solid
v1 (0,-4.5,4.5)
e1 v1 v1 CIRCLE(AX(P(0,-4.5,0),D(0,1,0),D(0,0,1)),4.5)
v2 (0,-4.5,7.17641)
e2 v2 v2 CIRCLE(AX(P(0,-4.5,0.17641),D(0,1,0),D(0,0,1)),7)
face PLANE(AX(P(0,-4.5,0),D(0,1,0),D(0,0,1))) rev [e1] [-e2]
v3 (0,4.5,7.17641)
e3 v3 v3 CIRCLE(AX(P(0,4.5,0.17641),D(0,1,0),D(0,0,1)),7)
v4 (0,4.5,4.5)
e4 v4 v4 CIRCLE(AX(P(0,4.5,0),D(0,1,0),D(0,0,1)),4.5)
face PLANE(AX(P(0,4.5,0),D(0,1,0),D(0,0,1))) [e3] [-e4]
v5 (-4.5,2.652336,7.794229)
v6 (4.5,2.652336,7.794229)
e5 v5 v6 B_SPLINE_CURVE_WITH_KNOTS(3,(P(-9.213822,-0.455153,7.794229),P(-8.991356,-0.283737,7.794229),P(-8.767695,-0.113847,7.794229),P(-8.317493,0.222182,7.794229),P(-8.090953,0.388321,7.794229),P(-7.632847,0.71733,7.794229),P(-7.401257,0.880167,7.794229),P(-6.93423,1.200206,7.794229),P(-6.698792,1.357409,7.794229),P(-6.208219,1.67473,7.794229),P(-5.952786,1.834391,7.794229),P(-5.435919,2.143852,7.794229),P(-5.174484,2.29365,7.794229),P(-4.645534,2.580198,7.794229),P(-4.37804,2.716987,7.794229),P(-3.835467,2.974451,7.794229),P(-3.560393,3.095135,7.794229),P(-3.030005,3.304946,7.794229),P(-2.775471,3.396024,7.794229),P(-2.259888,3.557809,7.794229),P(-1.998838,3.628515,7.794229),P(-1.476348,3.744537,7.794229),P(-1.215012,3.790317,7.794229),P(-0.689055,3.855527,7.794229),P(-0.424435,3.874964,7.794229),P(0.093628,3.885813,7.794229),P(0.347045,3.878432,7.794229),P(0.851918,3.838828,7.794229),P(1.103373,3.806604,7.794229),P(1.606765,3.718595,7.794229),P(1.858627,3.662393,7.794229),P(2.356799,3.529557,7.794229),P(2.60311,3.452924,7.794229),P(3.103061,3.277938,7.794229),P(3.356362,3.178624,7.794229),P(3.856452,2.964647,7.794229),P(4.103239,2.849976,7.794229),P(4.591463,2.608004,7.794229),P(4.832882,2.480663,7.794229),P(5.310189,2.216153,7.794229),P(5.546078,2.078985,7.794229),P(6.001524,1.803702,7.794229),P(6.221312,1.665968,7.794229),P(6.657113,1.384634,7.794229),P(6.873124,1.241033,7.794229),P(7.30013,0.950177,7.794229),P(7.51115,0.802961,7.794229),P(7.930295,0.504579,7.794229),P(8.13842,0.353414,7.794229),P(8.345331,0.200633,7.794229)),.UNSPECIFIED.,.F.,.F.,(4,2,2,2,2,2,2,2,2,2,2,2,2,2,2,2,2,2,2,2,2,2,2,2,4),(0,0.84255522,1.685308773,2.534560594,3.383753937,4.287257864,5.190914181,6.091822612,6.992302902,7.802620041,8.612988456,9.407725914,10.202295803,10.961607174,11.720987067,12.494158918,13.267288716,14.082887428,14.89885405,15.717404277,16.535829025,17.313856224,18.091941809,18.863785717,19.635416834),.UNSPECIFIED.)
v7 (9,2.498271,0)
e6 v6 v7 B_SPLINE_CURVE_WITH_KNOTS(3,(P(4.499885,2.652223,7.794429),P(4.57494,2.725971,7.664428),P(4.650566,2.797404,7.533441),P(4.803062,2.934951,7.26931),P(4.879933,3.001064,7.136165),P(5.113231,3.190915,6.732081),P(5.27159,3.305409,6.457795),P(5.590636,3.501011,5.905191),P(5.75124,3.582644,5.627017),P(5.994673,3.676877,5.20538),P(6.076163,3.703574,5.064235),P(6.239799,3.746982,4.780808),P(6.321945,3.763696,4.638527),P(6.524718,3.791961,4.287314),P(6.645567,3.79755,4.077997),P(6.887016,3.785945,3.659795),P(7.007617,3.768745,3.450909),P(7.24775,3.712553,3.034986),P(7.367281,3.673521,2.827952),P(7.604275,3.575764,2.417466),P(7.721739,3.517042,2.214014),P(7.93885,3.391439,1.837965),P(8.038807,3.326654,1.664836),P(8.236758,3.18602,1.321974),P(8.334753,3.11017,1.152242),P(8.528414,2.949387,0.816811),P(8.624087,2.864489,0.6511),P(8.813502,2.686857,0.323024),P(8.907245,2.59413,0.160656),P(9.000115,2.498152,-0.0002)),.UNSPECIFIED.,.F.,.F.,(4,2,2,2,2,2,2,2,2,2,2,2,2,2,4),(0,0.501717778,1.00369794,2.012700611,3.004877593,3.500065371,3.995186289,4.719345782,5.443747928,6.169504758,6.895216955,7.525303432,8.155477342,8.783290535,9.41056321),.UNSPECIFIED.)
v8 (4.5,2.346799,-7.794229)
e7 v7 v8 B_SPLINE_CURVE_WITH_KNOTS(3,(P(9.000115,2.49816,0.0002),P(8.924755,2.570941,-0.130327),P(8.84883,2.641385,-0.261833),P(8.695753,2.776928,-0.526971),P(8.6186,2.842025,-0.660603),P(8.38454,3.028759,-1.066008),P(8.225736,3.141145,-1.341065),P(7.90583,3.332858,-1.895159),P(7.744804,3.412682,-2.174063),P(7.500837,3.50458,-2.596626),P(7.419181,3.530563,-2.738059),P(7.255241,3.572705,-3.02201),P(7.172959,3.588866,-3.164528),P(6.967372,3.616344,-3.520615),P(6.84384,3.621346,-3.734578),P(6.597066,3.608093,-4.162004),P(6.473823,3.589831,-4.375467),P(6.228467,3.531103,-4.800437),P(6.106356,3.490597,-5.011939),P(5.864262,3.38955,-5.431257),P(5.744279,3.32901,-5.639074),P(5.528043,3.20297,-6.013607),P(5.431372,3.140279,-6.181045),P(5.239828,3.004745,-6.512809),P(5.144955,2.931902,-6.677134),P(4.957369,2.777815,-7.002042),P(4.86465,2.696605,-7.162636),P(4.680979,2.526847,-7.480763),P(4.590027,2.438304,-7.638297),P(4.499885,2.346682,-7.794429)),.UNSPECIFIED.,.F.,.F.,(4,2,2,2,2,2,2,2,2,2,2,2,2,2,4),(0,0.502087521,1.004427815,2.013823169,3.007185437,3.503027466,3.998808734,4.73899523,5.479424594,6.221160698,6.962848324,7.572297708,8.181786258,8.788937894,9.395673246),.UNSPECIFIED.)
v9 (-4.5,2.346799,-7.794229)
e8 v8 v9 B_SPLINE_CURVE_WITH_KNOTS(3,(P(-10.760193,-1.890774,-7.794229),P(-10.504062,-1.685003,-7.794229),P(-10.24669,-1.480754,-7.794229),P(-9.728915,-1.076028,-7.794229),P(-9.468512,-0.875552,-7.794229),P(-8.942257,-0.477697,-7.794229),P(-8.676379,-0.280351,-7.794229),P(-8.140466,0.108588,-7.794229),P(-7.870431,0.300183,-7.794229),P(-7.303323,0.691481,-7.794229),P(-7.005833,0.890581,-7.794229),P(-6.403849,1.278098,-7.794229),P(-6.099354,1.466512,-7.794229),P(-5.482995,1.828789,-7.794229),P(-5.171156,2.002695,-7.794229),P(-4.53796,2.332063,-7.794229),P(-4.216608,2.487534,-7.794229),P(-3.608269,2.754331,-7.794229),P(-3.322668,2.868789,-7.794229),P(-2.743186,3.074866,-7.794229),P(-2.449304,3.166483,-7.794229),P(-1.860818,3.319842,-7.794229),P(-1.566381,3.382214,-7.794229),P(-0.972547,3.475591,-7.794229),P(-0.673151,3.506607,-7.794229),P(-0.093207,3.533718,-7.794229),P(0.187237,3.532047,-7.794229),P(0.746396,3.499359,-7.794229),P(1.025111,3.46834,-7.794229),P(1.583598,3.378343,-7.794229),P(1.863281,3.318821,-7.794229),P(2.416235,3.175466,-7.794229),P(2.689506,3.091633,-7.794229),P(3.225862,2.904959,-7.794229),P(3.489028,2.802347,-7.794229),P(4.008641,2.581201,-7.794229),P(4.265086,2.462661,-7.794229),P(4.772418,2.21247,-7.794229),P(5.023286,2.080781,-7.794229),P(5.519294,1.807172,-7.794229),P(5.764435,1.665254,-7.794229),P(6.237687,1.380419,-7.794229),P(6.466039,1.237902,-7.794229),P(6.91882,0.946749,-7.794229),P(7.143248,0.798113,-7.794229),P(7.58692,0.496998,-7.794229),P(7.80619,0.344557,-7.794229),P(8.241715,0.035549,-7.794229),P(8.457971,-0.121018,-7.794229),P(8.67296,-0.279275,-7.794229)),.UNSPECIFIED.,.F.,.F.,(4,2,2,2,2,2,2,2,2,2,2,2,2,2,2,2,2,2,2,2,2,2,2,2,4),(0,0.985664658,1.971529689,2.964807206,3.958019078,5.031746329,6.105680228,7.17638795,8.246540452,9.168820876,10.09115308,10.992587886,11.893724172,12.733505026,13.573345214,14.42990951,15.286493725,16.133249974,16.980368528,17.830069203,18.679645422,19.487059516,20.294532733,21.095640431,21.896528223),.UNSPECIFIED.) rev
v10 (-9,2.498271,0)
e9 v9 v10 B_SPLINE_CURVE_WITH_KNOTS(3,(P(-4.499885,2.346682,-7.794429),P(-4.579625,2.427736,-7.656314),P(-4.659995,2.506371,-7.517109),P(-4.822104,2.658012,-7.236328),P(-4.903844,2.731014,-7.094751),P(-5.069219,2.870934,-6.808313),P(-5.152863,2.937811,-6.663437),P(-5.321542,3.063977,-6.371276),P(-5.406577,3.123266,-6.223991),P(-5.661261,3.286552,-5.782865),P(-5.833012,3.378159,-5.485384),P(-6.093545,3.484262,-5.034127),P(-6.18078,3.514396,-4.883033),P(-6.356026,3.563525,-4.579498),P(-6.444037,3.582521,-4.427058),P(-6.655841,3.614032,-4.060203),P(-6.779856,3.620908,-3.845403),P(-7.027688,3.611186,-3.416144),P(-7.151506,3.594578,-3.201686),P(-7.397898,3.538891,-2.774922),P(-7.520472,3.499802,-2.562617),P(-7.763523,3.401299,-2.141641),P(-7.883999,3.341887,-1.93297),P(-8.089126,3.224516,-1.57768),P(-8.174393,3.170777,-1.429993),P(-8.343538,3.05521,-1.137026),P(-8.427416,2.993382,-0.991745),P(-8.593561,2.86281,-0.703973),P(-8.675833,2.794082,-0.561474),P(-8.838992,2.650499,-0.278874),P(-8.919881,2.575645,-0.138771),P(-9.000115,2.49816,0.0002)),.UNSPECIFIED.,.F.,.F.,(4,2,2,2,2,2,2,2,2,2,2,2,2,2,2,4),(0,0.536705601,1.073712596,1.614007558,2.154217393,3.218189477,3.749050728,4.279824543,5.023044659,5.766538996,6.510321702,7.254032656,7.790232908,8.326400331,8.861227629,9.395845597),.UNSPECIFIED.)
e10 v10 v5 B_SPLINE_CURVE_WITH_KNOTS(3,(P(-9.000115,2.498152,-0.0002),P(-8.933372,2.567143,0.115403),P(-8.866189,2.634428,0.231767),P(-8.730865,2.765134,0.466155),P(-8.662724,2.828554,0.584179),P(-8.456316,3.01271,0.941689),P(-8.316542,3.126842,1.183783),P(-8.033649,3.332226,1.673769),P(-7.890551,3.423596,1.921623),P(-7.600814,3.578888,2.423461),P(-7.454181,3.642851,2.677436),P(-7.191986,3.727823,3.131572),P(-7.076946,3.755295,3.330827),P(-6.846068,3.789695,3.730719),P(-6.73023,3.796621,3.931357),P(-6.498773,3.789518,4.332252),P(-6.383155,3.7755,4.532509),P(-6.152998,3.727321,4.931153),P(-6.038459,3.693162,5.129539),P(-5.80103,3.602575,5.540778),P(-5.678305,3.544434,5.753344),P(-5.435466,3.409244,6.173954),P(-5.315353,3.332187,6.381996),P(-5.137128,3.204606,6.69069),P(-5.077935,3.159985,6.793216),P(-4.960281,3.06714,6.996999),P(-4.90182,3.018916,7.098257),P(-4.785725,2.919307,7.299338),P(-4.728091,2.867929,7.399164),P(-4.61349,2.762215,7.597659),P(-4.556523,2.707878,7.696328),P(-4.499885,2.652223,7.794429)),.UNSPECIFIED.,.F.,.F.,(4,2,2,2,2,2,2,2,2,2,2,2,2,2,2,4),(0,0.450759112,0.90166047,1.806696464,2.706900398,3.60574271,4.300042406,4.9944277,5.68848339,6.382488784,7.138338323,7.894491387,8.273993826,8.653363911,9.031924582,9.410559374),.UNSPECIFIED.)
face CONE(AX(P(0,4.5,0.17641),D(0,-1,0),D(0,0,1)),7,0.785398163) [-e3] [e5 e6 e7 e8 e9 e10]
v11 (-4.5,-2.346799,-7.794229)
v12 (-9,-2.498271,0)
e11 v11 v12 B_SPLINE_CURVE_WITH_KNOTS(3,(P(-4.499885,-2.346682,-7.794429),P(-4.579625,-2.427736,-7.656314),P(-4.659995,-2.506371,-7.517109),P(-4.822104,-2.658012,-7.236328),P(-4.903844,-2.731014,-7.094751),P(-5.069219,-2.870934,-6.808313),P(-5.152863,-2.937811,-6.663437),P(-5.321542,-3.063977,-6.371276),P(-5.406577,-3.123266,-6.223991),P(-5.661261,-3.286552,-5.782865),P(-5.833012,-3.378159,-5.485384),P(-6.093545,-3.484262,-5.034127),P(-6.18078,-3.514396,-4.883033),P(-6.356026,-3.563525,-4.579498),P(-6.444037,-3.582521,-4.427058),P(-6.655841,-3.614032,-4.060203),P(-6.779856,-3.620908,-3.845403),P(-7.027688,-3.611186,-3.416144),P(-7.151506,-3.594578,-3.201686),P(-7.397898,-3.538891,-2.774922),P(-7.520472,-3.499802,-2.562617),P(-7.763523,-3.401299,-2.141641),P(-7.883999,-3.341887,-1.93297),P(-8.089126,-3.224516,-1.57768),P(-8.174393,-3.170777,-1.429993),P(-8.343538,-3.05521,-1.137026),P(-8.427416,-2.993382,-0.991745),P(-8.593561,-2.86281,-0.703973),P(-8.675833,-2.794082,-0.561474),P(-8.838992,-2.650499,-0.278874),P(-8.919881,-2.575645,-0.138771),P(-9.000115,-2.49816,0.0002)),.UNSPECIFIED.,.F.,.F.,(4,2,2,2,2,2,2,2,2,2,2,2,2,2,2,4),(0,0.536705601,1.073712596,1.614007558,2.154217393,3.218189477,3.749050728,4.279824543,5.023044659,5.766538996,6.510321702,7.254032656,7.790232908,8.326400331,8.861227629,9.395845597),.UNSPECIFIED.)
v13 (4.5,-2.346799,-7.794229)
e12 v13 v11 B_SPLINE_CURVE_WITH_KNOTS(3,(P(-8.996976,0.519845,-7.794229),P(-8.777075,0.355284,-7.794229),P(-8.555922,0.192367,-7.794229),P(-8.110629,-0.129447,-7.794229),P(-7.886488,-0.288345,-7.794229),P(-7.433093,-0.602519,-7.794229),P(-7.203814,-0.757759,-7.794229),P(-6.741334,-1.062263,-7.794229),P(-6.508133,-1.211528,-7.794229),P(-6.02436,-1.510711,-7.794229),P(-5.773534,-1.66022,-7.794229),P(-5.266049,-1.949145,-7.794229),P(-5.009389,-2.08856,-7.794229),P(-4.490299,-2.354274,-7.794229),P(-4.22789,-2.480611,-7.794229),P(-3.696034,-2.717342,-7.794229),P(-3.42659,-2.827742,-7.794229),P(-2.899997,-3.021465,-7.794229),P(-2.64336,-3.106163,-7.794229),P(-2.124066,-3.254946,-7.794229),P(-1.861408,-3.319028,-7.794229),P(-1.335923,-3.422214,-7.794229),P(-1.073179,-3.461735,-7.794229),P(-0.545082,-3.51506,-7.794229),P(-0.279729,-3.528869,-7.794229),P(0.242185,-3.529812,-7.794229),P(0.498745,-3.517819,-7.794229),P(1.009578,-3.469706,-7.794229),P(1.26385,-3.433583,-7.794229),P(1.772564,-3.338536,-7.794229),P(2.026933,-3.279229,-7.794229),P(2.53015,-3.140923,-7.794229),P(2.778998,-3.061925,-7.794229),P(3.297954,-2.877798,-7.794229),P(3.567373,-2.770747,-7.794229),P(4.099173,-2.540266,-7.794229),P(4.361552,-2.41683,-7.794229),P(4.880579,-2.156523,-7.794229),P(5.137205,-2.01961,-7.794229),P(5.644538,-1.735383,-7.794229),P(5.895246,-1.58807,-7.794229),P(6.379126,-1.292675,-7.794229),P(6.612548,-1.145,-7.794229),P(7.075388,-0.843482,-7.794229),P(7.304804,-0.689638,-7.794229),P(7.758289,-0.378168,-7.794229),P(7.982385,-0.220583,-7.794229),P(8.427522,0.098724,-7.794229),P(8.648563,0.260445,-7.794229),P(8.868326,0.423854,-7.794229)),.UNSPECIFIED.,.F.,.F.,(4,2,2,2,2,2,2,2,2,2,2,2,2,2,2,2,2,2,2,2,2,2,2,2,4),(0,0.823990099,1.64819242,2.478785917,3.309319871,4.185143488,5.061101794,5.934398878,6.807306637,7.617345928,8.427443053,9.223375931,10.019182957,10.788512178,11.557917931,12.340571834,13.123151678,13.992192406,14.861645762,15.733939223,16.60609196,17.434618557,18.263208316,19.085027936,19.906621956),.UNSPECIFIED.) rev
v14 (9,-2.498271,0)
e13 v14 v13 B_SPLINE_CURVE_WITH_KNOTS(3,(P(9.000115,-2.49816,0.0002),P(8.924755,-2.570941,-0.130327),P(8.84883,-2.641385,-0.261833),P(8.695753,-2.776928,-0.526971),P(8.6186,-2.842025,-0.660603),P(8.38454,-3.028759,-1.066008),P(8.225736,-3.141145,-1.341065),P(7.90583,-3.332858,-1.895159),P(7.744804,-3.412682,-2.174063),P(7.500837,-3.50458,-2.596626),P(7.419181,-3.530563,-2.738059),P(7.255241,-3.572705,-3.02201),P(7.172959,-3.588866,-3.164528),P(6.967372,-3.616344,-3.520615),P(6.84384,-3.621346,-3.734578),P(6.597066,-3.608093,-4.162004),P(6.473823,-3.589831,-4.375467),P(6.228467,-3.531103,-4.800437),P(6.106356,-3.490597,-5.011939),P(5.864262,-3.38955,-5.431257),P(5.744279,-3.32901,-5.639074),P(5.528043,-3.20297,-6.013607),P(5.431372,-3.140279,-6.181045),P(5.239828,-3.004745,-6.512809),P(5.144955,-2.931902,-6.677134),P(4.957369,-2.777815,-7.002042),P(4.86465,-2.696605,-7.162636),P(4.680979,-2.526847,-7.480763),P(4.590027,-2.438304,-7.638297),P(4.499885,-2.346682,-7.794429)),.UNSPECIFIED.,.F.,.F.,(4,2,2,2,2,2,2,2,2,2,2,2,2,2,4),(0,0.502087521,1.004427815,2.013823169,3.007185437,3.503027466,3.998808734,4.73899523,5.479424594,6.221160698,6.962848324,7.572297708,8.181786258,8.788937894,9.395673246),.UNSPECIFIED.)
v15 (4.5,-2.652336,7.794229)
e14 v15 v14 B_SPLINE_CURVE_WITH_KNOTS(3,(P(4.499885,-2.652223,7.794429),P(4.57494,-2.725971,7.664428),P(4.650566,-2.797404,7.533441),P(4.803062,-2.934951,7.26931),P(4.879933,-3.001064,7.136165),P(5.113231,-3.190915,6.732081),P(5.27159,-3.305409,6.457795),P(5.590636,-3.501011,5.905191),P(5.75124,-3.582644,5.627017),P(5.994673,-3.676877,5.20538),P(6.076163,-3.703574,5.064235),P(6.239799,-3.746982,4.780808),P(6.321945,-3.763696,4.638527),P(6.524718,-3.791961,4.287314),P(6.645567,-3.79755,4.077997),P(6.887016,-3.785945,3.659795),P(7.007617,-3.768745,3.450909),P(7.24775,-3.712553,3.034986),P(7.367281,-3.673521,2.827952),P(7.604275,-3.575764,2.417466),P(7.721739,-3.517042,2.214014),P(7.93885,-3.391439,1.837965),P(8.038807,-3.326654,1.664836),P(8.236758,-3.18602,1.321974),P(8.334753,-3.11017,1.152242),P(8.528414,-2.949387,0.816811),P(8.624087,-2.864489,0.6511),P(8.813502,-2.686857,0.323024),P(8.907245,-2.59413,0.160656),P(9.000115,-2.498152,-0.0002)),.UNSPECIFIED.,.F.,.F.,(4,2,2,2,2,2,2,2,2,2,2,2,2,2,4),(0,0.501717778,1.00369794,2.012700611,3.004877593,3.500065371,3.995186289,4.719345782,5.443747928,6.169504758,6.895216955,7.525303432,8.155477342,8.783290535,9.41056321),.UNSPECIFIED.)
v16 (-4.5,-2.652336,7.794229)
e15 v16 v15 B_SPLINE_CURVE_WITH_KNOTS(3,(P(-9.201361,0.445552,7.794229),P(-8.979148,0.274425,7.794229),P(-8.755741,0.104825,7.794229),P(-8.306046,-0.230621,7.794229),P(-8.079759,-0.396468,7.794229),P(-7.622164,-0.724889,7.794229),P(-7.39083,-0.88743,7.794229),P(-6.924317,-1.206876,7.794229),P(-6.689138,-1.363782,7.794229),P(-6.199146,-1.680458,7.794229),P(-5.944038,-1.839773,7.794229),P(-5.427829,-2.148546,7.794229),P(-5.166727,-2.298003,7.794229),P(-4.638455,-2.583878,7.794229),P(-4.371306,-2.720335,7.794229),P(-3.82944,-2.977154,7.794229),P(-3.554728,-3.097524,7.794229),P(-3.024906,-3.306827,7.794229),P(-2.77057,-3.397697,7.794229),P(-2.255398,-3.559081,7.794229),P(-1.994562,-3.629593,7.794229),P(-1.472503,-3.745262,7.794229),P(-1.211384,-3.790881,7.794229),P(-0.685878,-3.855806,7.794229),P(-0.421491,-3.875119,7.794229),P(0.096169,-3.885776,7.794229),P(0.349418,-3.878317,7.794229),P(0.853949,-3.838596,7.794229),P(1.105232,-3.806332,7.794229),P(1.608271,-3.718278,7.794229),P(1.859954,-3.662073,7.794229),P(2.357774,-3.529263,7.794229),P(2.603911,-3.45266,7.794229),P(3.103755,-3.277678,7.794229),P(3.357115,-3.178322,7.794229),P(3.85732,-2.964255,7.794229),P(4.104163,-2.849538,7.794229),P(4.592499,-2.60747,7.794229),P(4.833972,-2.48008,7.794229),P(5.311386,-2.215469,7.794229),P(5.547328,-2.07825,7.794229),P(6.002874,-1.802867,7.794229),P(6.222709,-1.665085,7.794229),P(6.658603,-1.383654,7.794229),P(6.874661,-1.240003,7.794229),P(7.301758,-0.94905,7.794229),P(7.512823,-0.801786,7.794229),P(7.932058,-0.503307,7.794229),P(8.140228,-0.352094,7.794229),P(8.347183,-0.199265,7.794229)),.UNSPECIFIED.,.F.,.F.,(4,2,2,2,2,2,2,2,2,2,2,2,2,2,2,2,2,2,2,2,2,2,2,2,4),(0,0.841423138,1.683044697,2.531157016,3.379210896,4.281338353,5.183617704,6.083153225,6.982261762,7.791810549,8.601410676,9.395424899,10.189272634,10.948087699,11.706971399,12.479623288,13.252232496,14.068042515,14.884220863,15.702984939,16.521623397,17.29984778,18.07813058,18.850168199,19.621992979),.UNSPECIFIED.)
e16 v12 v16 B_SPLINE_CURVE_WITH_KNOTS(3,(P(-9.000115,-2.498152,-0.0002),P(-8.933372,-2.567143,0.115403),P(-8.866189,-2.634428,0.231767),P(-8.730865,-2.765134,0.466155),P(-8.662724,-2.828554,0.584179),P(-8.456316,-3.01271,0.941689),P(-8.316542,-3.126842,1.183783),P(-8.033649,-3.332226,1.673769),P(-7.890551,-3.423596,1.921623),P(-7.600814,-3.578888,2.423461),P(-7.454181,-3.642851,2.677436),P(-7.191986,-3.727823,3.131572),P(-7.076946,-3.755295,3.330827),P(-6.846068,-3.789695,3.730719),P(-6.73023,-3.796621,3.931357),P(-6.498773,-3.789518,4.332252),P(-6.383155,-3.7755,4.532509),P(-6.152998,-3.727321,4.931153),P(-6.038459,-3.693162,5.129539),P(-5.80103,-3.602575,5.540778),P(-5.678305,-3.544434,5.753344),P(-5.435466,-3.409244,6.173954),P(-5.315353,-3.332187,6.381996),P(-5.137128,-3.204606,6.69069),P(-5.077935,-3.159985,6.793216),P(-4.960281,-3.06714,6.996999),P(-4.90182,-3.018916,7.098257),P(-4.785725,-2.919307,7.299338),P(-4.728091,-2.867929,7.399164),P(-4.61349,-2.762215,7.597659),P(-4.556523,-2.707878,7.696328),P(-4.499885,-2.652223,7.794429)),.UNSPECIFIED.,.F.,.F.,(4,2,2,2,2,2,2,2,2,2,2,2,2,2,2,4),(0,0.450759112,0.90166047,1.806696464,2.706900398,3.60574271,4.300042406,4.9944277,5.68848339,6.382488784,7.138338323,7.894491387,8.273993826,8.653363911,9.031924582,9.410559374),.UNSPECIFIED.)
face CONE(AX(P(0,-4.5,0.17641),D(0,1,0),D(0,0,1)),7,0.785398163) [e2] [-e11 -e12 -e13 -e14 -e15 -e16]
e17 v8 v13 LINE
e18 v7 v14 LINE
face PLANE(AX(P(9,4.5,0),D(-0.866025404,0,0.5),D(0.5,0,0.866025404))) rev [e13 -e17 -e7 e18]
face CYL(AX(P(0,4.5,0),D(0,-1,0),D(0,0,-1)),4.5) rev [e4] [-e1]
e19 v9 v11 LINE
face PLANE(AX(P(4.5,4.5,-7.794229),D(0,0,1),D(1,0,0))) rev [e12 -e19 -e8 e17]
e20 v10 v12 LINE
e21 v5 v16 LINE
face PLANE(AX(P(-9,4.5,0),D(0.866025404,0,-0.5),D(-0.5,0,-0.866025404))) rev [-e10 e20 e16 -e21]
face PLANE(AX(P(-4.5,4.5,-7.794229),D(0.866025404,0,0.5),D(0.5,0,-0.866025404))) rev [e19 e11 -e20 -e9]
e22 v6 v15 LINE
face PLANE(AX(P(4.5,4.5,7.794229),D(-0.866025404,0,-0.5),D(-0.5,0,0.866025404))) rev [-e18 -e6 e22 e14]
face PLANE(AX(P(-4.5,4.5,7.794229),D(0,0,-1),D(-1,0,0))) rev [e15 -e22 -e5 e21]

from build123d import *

# Parameters (mm, degrees)
SKETCH1_R           = 4.5
BOSS_EXTRUDE1_DEPTH = 4.5
SKETCH2_OUTSIDE_W   = 43.092
SKETCH2_OUTSIDE_H   = 40.68
SKETCH2_OUTSIDE_R   = 7
CUT_EXTRUDE2_DEPTH  = 9
CUT_EXTRUDE2_TAPER  = 45


with BuildPart() as part:
    # Sketch1 → Boss-Extrude1 (new body, symmetric)
    with BuildSketch(Plane(origin=(0, 0, 0), x_dir=(1, 0, 0), z_dir=(0, 1, 0))):
        Polygon((-4.5, -7.794228634), (4.5, -7.794228634), (9, 0), (4.5, 7.794228634), (-4.5, 7.794228634), (-9, 0), align=None)
        with Locations(Location((0, 0, 0), (0, 0, 270))):  # turned: the seam where the file's is
            Circle(SKETCH1_R, mode=Mode.SUBTRACT)
    extrude(amount=BOSS_EXTRUDE1_DEPTH, both=True)

    # Sketch2 outside → Cut-Extrude2 (cut)
    with BuildSketch(Plane(origin=(0, 4.5, 0), x_dir=(1, 0, 0), z_dir=(0, 1, 0))):
        Rectangle(SKETCH2_OUTSIDE_W, SKETCH2_OUTSIDE_H)
        with Locations((0, -0.176410187)):
            Circle(SKETCH2_OUTSIDE_R, mode=Mode.SUBTRACT)
    cut_extrude2 = extrude(amount=-CUT_EXTRUDE2_DEPTH, taper=CUT_EXTRUDE2_TAPER, mode=Mode.SUBTRACT)

    # Mirror4: Cut-Extrude2 across plane
    add(cut_extrude2.mirror(Plane.ZX), mode=Mode.SUBTRACT)


solid = part.part
